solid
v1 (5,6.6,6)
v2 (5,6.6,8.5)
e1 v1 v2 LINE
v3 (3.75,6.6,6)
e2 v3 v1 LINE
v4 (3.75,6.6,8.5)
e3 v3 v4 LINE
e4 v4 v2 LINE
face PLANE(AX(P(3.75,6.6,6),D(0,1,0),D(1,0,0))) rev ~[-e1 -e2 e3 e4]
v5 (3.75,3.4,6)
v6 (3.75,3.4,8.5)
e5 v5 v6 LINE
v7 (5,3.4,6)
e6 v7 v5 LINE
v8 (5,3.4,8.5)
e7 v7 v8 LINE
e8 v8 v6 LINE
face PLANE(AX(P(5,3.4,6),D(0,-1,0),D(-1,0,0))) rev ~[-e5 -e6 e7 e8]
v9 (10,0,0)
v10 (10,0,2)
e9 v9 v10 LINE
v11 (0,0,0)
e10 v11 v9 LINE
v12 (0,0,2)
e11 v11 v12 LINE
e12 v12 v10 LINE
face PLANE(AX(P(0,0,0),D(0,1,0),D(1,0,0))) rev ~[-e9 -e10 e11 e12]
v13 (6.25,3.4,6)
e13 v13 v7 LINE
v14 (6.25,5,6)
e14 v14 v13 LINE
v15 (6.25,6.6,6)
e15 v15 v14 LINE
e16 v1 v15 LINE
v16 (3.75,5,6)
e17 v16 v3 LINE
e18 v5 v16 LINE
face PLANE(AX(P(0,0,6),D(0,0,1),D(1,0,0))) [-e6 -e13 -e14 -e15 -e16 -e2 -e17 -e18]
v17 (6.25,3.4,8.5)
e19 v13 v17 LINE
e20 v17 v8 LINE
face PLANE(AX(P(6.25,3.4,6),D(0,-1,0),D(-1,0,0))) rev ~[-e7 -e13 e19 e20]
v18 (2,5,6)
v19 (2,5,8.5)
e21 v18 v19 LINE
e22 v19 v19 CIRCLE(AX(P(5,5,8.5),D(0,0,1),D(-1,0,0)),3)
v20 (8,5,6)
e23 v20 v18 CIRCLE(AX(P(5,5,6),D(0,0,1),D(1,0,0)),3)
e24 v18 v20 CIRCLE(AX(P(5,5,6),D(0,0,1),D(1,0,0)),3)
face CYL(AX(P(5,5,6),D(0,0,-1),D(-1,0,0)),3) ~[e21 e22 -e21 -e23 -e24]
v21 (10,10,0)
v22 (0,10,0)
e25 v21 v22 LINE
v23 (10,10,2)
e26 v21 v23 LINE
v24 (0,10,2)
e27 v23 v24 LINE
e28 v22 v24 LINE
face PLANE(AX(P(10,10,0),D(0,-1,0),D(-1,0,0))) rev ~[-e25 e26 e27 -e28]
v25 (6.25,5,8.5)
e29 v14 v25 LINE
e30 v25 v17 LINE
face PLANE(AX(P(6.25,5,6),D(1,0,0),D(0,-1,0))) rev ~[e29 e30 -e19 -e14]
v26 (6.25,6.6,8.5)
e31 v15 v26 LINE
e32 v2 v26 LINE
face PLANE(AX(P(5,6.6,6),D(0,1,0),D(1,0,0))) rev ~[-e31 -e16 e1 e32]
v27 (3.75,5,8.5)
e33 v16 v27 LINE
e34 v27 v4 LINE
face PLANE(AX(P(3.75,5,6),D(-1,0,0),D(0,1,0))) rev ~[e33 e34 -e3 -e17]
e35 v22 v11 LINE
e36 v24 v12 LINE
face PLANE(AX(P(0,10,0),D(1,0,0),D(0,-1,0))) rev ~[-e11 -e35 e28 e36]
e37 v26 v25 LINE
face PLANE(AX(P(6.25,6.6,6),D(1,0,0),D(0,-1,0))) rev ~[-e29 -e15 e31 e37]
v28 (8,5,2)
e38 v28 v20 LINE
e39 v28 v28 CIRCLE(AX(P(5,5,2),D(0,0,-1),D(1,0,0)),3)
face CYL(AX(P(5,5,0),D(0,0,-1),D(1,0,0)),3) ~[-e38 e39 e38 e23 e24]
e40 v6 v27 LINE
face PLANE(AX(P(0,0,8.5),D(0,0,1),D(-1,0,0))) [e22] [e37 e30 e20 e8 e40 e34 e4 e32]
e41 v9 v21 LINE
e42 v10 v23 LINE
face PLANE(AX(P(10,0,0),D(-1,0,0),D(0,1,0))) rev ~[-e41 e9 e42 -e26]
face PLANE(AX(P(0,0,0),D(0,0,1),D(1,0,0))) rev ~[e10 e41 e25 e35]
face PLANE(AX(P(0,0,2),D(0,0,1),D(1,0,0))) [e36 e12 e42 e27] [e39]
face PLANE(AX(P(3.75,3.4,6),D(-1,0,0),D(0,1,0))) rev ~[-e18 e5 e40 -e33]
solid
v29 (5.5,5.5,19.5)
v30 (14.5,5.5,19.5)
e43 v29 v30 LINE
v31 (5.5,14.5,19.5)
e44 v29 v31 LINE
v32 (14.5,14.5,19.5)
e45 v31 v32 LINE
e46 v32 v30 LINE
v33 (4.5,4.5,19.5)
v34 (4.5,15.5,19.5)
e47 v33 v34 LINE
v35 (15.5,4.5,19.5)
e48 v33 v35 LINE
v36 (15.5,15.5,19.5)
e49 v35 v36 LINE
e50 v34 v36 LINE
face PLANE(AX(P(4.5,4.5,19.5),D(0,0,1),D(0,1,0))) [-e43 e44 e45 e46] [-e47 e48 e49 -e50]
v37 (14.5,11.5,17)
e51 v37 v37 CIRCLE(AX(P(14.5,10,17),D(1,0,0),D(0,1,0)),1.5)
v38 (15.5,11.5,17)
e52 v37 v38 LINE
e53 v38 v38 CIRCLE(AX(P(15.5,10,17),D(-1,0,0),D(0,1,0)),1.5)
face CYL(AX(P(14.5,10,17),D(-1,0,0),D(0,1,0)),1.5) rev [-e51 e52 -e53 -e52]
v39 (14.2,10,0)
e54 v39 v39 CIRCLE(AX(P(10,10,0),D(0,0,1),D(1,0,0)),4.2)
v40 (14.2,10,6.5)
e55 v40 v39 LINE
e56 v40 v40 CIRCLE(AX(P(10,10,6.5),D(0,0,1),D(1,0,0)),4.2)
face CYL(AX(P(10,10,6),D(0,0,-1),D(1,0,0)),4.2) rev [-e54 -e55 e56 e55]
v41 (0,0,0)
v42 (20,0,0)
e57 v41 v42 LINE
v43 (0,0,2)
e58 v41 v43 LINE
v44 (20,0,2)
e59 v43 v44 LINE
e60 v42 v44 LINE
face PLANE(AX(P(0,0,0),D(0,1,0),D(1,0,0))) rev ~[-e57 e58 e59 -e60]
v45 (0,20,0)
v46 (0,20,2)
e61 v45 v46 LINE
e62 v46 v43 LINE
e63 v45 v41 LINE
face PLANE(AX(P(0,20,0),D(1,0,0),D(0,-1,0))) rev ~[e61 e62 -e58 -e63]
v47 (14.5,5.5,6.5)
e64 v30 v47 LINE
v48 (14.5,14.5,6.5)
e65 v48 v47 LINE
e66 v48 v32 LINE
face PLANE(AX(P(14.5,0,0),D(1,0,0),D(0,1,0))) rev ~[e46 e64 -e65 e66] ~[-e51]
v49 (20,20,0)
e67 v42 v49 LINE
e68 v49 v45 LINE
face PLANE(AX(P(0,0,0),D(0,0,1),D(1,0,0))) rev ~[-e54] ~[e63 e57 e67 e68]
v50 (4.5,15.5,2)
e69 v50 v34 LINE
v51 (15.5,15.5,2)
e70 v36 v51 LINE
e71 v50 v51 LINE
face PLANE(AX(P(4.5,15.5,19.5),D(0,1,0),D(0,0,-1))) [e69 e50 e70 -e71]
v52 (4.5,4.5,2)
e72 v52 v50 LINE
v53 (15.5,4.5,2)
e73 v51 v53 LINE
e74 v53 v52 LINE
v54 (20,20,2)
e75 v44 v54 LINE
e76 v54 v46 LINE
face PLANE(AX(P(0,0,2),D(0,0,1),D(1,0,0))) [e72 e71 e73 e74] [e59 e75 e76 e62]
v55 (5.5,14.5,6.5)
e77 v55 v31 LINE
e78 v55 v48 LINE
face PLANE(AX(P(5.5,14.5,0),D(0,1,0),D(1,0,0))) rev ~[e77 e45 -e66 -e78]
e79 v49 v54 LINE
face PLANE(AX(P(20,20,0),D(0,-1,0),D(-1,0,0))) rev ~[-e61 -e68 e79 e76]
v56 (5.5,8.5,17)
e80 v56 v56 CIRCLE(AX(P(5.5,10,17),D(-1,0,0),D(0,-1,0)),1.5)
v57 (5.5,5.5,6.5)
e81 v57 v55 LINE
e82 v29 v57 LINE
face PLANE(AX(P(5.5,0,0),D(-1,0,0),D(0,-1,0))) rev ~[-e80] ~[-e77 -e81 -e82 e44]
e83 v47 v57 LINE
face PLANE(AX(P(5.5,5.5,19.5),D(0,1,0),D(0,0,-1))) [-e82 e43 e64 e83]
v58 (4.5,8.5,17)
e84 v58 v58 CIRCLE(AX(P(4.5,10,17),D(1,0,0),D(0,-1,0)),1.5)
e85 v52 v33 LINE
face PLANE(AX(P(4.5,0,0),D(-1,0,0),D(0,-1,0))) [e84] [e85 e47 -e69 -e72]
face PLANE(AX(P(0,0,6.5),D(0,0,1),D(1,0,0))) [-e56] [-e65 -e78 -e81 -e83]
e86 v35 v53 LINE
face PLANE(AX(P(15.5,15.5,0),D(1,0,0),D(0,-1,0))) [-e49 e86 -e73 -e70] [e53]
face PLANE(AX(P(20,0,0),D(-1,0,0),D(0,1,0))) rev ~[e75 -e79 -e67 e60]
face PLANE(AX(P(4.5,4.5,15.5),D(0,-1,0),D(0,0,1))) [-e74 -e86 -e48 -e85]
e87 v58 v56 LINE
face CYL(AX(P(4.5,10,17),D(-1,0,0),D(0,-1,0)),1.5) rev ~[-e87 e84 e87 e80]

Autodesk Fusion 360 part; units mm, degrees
sketch "Sketch1" plane through (0, 0, 0) normal (0, 0, 1) x (1, 0, 0)
  line L0 (0, 0) -> (10, 0)
  line L1 (10, 0) -> (10, 10)
  line L2 (10, 10) -> (0, 10)
  line L3 (0, 10) -> (0, 0)
  circle A0 centre (5, 5) radius 3
  dimension "d1" = 10
  dimension "d2" = 10
  dimension "d3" = 6
extrude "Extrude1" add sketch "Sketch1" along normal blind 2 contours L0 L1 L2 L3 | A0 makes body 1
extrude "Extrude2" add sketch "Sketch1" along normal blind 6 contours A0 bodies 1
sketch "Sketch2" plane through (0, 0, 6) normal (0, 0, 1) x (-1, 0, 0)
  circle A0 centre (-5, -5) radius 3
  line L0 (-5, -5) -> (-6.25, -5)
  line L1 (-6.25, -5) -> (-6.25, -3.4)
  line L2 (-6.25, -3.4) -> (-5, -3.4)
  line L3 (-5, -3.4) -> (-5, -5)
  line L4 (-5, -5) -> (-3.75, -5)
  line L5 (-3.75, -5) -> (-3.75, -6.6)
  line L6 (-3.75, -6.6) -> (-5, -6.6)
  line L7 (-5, -6.6) -> (-5, -5)
  line L8 (-3.75, -6.6) -> (-6.25, -6.6)
  line L9 (-6.25, -6.6) -> (-6.25, -3.4)
  line L10 (-6.25, -3.4) -> (-3.75, -3.4)
  line L11 (-3.75, -3.4) -> (-3.75, -6.6)
  dimension "d8" = 1.25
  dimension "d9" = 1.6
  dimension "d10" = 1.6
extrude "Extrude3" add sketch "Sketch2" along normal blind 2.5 bodies 1
copy_body "Body->Comp1" bodies 1 removing the originals makes body 2 in component "Button"
sketch "Sketch1 (2)" plane through (0, 0, 0) normal (0, 0, 1) x (1, 0, 0) in component "Top"
  line L0 (0, 0) -> (20, 0)
  line L1 (20, 0) -> (20, 20)
  line L2 (20, 20) -> (0, 20)
  line L3 (0, 20) -> (0, 0)
  circle A0 centre (10, 10) radius 4.2
  line L4 (5.5, 14.5) -> (14.5, 14.5)
  line L5 (14.5, 14.5) -> (14.5, 5.5)
  line L6 (14.5, 5.5) -> (5.5, 5.5)
  line L7 (5.5, 5.5) -> (5.5, 14.5)
  line L8 (4.5, 15.5) -> (15.5, 15.5)
  line L9 (15.5, 15.5) -> (15.5, 4.5)
  line L10 (15.5, 4.5) -> (4.5, 4.5)
  line L11 (4.5, 4.5) -> (4.5, 15.5)
  dimension "d13" = 20
  dimension "d14" = 20
  dimension "d15" = 8.4
  dimension "d16" = 9
  dimension "d17" = 9
  dimension "d18" = 5.5
  dimension "d19" = 5.5
  dimension "d20" = 1
  dimension "d21" = 1
  dimension "d22" = 1
  dimension "d23" = 1
extrude "Extrude1'" add sketch "Sketch1 (2)" along normal blind 2 separate body makes body 3 at (1.5, 11.8333, 0) makes body 4 at (14.1948, 9.7906, 1.3333) in component "Top"
extrude "Extrude2'" add sketch "Sketch1 (2)" along normal blind 15.5 contours L8 L9 L10 L11 bodies 3 4 in component "Top"
extrude "Extrude3'" add 1 faces at (6.6008, 6.4532, 2) along direction (0, 0, 1) blind 4 on bodies 3 bodies 3 in component "Top"
extrude "Extrude4" add 1 faces at (6.6008, 6.4532, 6) along direction (0, 0, 1) blind 0.5 on bodies 3 bodies 3 in component "Top"
sketch "Sketch2 (2)" plane through (0, 0, 0) normal (0, 0, 1) x (1, 0, 0) in component "Top"
  line L0 (-25, 15) -> (-11.6, 15)
  line L1 (-11.6, 15) -> (-11.6, 1.6)
  line L2 (-11.6, 1.6) -> (-25, 1.6)
  line L3 (-25, 1.6) -> (-25, 15)
  line L4 (-24, 14) -> (-12.6, 14)
  line L5 (-12.6, 14) -> (-12.6, 2.6)
  line L6 (-12.6, 2.6) -> (-24, 2.6)
  line L7 (-24, 2.6) -> (-24, 14)
  line L8 (-22.8, 3.8) -> (-13.8, 3.8)
  line L9 (-13.8, 3.8) -> (-13.8, 12.8)
  line L10 (-13.8, 12.8) -> (-22.8, 12.8)
  line L11 (-22.8, 12.8) -> (-22.8, 3.8)
  line L12 (-13.8, 12.8) -> (-16.8, 12.8)
  line L13 (-16.8, 12.8) -> (-16.8, 7.8)
  line L14 (-16.8, 7.8) -> (-13.8, 7.8)
  line L15 (-13.8, 7.8) -> (-13.8, 12.8)
  dimension "d32" = 13.4
  dimension "d33" = 13.4
  dimension "d34" = 11.4
  dimension "d35" = 11.4
  dimension "d36" = 9
  dimension "d37" = 9
  dimension "d38" = 1.2
  dimension "d39" = 1.2
  dimension "d40" = 3
  dimension "d41" = 5
sketch "Sketch3" plane through (4.5, 0, 0) normal (-1, 0, 0) x (0, -1, 0) in component "Top"
  line L0 (-15.5, 2) -> (-4.5, 2)
  line L1 (-4.5, 2) -> (-4.5, 15.5)
  line L2 (-4.5, 15.5) -> (-15.5, 15.5)
  line L3 (-15.5, 15.5) -> (-15.5, 2)
  line L4 (-15.5, 15.5) -> (-4.5, 15.5)
  line L5 (-4.5, 15.5) -> (-4.5, 19.5)
  line L6 (-4.5, 19.5) -> (-15.5, 19.5)
  line L7 (-15.5, 19.5) -> (-15.5, 15.5)
  circle A0 centre (-10, 17) radius 1.5
  dimension "d46" = 4
  dimension "d47" = 3
extrude "Extrude7" add sketch "Sketch3" against normal blind 1 contours L2 L4 L5 L6 L7 bodies 3 in component "Top"
sketch "Sketch4" plane through (5.5, 0, 0) normal (1, 0, 0) x (0, 1, 0) in component "Top"
  line L0 (5.5, 15.5) -> (5.5, 6.5)
  line L1 (5.5, 6.5) -> (14.5, 6.5)
  line L2 (14.5, 6.5) -> (14.5, 15.5)
  line L3 (14.5, 15.5) -> (15.5, 15.5)
  line L4 (15.5, 15.5) -> (15.5, 19.5)
  line L5 (15.5, 19.5) -> (4.5, 19.5)
  line L6 (4.5, 19.5) -> (4.5, 15.5)
  line L7 (4.5, 15.5) -> (5.5, 15.5)
  circle A0 centre (10, 17) radius 1.5
  line L8 (4.5, 19.5) -> (5.5, 19.5)
  line L9 (5.5, 19.5) -> (5.5, 15.5)
  line L10 (5.5, 15.5) -> (4.5, 15.5)
  line L11 (4.5, 15.5) -> (4.5, 19.5)
  line L12 (15.5, 19.5) -> (14.5, 19.5)
  line L13 (14.5, 19.5) -> (14.5, 15.5)
  line L14 (14.5, 15.5) -> (15.5, 15.5)
  line L15 (15.5, 15.5) -> (15.5, 19.5)
  dimension "d50" = 1
  dimension "d51" = 4
extrude "Extrude8" add sketch "Sketch4" along normal blind 9 contours L5 L6 L7 L8 L9 L10 L11 | L3 L4 L5 L12 L13 L14 L15 bodies 3 in component "Top"
sketch "Sketch5" plane through (14.5, 0, 0) normal (1, 0, 0) x (0, 1, 0) in component "Top"
  line L0 (4.5, 15.5) -> (5.5, 15.5)
  line L1 (5.5, 15.5) -> (5.5, 19.5)
  line L2 (5.5, 19.5) -> (4.5, 19.5)
  line L3 (4.5, 19.5) -> (4.5, 15.5)
  line L4 (4.5, 19.5) -> (15.5, 19.5)
  line L5 (15.5, 19.5) -> (15.5, 15.5)
  line L6 (15.5, 15.5) -> (4.5, 15.5)
  line L7 (4.5, 15.5) -> (4.5, 19.5)
  circle A0 centre (10, 17) radius 1.5
  dimension "d54" = 3
extrude "Extrude9" add sketch "Sketch5" along normal blind 1 bodies 3 in component "Top"
component "Button" placed x (1, 0, 0) y (0, 1, 0) z (0, 0, 1) at (0, 0, 0)
component "Top" placed x (1, 0, 0) y (0, 1, 0) z (0, 0, 1) at (0, 0, 0)
